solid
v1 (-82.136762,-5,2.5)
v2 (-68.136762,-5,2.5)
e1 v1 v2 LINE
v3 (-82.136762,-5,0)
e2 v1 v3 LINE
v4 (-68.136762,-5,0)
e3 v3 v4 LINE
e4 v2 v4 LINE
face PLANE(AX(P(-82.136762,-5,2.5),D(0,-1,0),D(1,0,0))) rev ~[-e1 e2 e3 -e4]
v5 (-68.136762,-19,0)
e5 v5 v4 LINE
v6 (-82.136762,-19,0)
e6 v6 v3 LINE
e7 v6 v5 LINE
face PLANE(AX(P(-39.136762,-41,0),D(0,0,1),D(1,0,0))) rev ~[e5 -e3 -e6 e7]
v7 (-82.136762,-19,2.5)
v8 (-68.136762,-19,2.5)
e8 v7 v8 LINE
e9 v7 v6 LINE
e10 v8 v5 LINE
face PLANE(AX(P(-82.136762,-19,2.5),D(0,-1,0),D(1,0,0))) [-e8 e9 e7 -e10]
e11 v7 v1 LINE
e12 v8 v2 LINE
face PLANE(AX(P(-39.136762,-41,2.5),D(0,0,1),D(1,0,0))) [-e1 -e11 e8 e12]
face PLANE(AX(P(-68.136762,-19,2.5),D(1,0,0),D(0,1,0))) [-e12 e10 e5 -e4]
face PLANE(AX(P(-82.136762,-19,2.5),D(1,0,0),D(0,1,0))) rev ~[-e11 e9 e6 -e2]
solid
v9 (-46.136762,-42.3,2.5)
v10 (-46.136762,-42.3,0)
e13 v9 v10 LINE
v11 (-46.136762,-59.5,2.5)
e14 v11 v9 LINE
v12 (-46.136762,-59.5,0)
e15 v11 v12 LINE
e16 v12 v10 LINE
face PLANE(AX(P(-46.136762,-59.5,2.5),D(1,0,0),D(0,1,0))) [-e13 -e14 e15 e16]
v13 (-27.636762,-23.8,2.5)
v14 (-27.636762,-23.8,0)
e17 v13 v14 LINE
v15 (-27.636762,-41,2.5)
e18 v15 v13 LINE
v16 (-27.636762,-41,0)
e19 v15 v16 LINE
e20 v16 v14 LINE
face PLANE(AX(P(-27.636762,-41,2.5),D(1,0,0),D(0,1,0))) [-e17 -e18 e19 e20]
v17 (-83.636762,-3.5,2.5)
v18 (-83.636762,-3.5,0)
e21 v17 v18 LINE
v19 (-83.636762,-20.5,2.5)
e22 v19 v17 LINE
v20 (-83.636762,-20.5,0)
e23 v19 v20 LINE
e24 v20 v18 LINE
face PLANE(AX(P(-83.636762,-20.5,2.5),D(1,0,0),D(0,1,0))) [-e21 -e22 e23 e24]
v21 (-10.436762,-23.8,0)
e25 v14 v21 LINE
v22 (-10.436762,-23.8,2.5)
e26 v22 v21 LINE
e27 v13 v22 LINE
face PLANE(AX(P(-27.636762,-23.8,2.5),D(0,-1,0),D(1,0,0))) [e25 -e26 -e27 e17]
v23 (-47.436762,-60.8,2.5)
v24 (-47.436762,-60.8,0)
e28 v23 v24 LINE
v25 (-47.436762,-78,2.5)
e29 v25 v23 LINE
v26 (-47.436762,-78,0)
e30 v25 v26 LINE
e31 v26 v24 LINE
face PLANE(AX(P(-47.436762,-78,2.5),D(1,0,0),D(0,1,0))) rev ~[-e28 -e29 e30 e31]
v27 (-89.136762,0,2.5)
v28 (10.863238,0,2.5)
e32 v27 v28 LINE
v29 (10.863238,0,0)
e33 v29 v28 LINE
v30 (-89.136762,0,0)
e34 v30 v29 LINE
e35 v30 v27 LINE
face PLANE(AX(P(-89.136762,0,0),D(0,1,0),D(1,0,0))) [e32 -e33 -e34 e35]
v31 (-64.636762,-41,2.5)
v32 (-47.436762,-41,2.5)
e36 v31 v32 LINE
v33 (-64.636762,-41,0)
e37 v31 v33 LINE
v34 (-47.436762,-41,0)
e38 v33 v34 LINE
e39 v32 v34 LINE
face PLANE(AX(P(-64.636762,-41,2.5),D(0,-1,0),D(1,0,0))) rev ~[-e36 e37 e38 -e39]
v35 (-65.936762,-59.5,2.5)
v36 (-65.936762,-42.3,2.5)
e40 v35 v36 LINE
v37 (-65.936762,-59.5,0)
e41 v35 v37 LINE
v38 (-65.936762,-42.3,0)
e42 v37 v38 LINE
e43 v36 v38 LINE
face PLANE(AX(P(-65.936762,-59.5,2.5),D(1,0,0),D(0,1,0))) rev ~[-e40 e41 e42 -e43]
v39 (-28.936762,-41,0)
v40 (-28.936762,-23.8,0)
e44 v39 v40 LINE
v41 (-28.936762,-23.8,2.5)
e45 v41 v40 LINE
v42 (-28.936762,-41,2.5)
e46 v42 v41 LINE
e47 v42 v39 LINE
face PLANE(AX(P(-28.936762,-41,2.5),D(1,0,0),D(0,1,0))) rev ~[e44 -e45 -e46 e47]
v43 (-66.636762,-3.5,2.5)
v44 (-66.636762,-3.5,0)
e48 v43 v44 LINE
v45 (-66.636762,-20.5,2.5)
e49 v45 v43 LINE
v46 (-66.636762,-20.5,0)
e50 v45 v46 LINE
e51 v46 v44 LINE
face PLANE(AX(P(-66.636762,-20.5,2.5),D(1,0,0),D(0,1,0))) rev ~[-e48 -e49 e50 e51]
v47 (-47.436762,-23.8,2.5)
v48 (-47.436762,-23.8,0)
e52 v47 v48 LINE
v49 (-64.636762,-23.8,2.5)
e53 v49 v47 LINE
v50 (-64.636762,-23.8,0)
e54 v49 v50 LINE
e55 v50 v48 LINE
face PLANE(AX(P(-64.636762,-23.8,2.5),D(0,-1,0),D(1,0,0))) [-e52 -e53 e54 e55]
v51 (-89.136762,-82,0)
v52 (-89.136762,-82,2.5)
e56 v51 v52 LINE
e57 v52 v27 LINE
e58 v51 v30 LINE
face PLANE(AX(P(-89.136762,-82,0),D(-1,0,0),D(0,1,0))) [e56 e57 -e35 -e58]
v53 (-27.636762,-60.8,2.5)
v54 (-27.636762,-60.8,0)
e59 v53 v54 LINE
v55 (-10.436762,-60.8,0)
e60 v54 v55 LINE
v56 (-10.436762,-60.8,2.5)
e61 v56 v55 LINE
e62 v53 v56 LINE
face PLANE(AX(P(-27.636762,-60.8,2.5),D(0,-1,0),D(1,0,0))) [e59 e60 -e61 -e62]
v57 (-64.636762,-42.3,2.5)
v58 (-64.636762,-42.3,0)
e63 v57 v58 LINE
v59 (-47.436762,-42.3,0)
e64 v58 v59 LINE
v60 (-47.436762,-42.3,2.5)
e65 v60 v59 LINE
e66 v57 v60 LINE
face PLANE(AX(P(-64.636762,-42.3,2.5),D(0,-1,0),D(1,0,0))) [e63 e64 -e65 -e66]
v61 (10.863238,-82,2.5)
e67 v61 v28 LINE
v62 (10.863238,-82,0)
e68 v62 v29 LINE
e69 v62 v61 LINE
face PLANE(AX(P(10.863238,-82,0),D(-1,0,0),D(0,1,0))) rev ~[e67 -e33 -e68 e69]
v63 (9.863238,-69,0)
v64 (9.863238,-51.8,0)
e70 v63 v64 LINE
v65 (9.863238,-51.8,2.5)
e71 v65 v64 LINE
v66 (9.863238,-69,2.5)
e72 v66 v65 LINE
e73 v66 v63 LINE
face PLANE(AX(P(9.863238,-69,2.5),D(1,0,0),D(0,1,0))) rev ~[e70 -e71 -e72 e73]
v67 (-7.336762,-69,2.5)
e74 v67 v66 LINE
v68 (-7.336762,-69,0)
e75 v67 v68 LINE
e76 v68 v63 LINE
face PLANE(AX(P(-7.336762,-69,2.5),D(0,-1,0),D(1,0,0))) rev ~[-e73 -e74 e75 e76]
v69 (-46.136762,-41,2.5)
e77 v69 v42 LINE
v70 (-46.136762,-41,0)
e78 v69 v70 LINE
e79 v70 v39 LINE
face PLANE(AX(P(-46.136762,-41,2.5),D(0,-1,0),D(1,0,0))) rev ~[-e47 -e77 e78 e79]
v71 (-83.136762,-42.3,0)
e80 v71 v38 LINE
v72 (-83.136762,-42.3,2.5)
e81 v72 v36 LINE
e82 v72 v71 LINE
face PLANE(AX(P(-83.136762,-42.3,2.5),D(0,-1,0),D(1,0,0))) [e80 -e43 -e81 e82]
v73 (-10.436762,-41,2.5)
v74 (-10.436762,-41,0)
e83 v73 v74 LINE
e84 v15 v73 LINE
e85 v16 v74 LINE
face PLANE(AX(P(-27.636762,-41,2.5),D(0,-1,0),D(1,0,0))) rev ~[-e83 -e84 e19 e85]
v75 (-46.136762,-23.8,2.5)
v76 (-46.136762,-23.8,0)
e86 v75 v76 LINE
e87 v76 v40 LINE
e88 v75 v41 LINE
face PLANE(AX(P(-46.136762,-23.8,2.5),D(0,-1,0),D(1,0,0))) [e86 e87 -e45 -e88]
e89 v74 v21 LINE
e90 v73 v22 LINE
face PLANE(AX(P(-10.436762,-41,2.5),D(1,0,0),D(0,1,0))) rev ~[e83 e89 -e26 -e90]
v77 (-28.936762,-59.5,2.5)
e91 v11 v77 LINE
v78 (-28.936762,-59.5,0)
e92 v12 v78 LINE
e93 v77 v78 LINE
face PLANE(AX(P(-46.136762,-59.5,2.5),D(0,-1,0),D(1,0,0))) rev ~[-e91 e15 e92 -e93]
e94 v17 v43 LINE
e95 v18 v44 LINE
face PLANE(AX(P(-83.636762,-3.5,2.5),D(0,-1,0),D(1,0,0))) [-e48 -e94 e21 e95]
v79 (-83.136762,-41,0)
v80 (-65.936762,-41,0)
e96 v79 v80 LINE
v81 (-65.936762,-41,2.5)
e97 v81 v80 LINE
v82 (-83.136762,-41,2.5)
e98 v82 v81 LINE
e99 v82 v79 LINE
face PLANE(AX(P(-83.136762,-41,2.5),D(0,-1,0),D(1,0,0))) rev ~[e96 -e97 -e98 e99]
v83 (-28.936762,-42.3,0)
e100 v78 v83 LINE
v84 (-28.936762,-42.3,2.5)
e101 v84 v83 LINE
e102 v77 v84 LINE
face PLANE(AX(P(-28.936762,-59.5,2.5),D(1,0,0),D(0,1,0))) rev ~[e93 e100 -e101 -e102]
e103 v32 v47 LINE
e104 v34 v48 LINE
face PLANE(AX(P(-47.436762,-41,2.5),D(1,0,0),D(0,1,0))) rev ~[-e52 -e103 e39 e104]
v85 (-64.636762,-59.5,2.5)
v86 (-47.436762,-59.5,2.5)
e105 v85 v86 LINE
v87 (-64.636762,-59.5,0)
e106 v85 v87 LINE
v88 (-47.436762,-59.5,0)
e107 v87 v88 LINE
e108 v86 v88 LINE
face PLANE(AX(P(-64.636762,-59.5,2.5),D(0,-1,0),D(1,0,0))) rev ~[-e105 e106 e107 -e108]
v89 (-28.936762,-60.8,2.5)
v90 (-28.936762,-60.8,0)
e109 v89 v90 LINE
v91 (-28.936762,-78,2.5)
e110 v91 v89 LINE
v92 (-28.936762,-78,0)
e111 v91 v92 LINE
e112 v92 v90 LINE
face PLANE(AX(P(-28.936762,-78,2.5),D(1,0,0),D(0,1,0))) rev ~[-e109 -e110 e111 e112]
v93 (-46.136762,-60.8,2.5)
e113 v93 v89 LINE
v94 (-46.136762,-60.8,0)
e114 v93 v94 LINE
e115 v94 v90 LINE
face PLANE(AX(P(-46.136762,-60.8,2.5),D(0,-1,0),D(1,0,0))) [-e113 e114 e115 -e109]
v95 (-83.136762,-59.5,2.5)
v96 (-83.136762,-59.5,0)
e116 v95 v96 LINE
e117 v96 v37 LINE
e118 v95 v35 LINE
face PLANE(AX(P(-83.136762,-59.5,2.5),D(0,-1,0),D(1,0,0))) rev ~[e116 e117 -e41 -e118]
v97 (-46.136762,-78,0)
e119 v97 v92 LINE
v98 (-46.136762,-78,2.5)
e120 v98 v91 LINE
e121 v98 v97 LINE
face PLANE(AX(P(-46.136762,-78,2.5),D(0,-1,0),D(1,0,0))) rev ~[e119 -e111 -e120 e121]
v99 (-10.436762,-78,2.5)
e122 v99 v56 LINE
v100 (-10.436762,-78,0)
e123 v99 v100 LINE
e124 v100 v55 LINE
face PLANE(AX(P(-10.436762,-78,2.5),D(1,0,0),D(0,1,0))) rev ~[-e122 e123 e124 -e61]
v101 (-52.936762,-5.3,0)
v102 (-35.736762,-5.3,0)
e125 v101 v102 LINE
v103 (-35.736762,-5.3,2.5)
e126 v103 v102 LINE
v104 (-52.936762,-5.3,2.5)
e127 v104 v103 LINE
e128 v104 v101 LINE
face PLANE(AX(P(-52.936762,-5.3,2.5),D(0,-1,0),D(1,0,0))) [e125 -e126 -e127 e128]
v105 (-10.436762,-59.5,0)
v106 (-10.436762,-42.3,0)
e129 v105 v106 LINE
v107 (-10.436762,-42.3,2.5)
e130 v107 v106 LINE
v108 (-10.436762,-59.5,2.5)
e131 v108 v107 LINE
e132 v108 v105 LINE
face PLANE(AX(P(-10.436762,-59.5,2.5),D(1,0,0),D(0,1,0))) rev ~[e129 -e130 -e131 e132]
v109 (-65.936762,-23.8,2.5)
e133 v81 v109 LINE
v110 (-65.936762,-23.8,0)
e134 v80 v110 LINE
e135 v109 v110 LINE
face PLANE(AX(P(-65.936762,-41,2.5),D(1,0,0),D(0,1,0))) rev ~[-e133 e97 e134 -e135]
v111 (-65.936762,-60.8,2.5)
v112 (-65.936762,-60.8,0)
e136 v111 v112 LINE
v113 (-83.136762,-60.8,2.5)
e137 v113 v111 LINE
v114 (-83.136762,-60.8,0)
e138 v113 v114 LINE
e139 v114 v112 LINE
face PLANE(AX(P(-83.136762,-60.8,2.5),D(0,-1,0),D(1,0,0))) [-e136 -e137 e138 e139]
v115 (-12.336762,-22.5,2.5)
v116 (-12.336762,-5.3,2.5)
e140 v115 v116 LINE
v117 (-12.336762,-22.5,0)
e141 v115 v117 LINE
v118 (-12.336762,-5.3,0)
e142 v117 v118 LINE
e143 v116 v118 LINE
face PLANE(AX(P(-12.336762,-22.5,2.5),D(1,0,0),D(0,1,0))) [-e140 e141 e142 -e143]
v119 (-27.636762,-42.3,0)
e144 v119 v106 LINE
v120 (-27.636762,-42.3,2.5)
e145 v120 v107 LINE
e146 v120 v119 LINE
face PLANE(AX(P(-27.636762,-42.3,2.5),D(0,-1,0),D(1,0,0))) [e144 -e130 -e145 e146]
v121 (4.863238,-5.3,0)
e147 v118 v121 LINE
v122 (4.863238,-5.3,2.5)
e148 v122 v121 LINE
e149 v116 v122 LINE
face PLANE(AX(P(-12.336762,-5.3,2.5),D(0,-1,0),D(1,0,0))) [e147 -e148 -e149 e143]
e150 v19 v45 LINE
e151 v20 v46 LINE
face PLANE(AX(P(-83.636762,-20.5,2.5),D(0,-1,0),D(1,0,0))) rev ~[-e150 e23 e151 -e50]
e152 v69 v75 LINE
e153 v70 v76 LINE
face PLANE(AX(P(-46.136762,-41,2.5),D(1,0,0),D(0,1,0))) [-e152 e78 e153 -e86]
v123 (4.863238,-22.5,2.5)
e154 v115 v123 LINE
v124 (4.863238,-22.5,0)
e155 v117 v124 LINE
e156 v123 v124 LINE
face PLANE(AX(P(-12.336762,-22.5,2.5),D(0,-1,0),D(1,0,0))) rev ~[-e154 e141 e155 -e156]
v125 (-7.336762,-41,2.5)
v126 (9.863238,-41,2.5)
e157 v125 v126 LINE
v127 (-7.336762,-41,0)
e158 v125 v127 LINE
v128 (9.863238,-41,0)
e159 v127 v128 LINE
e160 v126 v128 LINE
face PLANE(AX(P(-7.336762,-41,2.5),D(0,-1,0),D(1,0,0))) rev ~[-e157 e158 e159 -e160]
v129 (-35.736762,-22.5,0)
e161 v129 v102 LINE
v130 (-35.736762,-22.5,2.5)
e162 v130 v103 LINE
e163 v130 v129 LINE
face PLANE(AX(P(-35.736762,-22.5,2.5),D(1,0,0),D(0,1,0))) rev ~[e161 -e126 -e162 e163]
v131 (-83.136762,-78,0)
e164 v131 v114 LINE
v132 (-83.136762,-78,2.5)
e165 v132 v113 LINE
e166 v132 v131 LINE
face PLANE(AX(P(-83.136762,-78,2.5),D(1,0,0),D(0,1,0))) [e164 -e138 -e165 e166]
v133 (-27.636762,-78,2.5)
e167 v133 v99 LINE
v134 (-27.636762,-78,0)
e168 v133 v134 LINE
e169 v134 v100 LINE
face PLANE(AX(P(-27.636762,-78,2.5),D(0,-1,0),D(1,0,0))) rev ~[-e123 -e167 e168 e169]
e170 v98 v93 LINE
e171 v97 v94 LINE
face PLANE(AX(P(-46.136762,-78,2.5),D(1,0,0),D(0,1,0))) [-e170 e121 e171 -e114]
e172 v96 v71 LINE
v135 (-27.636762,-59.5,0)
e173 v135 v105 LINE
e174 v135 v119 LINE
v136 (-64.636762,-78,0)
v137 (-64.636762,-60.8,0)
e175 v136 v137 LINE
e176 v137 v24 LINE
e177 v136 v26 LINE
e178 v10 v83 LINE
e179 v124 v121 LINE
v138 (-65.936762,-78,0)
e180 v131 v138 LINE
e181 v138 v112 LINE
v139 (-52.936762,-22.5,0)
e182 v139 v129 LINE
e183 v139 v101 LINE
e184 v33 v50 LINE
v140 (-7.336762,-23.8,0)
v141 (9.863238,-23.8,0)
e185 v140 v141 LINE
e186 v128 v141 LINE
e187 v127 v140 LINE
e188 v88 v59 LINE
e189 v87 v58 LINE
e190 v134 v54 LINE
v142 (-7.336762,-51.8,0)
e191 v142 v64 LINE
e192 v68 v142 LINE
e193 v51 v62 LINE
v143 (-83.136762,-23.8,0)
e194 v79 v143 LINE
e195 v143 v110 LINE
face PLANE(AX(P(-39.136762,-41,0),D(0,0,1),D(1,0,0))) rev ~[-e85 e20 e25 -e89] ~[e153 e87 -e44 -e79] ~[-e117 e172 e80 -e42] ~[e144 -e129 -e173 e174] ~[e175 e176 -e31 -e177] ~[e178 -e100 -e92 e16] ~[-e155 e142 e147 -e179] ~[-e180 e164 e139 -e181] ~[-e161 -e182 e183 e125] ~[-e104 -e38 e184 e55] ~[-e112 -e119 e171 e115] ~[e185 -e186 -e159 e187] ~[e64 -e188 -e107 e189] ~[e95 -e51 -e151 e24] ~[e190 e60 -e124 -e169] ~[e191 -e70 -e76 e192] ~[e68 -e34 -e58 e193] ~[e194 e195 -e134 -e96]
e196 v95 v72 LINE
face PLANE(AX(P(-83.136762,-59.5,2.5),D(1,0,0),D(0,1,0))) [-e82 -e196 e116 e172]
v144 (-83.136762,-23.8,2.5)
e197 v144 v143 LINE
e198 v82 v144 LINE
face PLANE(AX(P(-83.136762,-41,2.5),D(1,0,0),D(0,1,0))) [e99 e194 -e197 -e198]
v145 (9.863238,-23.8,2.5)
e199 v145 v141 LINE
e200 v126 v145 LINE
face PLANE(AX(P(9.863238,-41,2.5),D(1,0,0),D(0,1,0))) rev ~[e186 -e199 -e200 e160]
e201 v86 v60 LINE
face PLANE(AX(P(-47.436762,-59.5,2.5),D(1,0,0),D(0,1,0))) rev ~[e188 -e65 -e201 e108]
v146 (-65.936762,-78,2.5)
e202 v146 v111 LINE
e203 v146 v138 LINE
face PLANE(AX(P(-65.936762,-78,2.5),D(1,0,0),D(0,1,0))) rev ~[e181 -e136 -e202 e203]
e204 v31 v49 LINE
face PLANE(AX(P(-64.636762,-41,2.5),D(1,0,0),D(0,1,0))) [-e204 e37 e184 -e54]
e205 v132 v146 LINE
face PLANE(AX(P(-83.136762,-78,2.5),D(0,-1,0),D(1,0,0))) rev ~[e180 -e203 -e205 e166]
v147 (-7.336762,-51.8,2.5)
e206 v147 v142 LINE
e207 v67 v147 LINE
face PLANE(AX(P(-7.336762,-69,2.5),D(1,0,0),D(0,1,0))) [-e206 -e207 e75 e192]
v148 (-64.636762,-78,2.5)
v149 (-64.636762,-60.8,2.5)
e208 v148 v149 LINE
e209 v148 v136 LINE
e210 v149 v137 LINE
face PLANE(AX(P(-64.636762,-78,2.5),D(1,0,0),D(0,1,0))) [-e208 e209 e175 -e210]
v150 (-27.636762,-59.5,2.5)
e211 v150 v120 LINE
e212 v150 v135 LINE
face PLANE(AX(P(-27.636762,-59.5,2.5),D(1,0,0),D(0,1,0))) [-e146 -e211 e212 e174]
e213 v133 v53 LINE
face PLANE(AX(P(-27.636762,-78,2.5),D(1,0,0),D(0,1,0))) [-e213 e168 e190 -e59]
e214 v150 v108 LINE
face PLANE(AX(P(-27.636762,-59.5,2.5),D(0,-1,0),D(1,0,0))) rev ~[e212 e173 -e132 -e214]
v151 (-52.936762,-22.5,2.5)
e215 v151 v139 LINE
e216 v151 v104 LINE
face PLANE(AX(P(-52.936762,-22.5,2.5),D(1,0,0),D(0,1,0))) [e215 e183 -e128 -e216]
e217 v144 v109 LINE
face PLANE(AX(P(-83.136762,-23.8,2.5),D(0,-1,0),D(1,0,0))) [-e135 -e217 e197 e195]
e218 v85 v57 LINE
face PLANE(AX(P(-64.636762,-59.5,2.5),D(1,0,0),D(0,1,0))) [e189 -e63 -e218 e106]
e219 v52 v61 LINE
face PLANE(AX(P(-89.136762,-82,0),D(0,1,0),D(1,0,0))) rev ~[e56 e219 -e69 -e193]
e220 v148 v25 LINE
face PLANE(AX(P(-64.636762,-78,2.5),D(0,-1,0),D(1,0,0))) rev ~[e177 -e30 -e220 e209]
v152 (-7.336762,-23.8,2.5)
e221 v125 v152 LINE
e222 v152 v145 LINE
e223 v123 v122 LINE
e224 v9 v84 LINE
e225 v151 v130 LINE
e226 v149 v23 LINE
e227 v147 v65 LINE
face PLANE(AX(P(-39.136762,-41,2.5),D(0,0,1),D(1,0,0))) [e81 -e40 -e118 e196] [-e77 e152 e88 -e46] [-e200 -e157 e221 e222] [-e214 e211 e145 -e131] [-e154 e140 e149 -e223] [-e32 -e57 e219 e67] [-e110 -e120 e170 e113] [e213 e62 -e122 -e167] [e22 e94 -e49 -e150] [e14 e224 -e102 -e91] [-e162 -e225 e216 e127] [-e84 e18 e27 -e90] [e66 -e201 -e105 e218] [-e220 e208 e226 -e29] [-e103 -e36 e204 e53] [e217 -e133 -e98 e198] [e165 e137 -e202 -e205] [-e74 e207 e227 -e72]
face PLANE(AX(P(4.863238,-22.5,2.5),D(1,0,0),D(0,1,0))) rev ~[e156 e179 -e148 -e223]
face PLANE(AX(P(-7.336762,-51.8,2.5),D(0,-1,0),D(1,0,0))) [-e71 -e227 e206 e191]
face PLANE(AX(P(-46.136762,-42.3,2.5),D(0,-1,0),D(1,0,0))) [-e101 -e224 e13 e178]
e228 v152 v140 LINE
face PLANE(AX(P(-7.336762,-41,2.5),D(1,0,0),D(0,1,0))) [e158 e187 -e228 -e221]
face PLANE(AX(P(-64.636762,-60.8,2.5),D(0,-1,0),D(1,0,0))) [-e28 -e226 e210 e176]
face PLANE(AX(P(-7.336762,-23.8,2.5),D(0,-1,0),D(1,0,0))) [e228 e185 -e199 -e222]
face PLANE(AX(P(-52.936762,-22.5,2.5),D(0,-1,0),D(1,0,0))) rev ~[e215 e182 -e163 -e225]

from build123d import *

# Parameters (mm, degrees)
F0_W      = 100
F0_H      = 82
F1_DEPTH  = 2.5
F2_W      = 17.2
F2_H      = 17.2
F3_DEPTH  = 25
F2_W_2    = 17
F2_H_2    = 17
F2_W_3    = 14
F2_H_3    = 14
F4_DEPTH  = 25
F5_W      = 17.2
F5_H      = 17.2
F6_DEPTH  = 25
F7_W      = 17.2
F7_H      = 17.2
F8_DEPTH  = 25
F9_W      = 17.2
F9_H      = 17.2
F10_DEPTH = 25
F11_W     = 17.2
F11_H     = 17.2
F12_DEPTH = 25
F13_W     = 17.2
F13_H     = 17.2
F14_DEPTH = 25
F15_W     = 17.2
F15_H     = 17.2
F16_DEPTH = 25


with BuildPart() as f1:
    # F0 (on Top) → F1 (new body)
    with BuildSketch(Plane.XY):
        with Locations((-39.136762, -41)):
            Rectangle(F0_W, F0_H)
    extrude(amount=F1_DEPTH)

    # F2 (on face) → F3 (cut)
    with BuildSketch(Plane.XY.offset(2.5)):
        with Locations((-74.536762, -69.4)):
            Rectangle(F2_W, F2_H)
    extrude(amount=-F3_DEPTH, mode=Mode.SUBTRACT)

    # F2 (on face) → F4 (cut)
    with BuildSketch(Plane.XY.offset(2.5)):
        with Locations((-74.536762, -69.4)):
            Rectangle(F2_W, F2_H)
        with Locations((-74.536762, -50.9)):
            Rectangle(F2_W, F2_H)
        with Locations((-74.536762, -32.4)):
            Rectangle(F2_W, F2_H)
        with Locations((-75.136762, -12)):
            Rectangle(F2_W_2, F2_H_2)
        with Locations((-75.136762, -12)):
            Rectangle(F2_W_3, F2_H_3, mode=Mode.SUBTRACT)
    extrude(amount=-F4_DEPTH, mode=Mode.SUBTRACT)

    # F5 (on face) → F6 (cut)
    with BuildSketch(Plane.XY.offset(2.5)):
        with Locations((-56.036762, -69.4)):
            Rectangle(F5_W, F5_H)
        with Locations((-37.536762, -69.4)):
            Rectangle(F5_W, F5_H)
        with Locations((-19.036762, -69.4)):
            Rectangle(F5_W, F5_H)
    extrude(amount=-F6_DEPTH, mode=Mode.SUBTRACT)

    # F7 (on face) → F8 (cut)
    with BuildSketch(Plane.XY.offset(2.5)):
        with Locations((-56.036762, -50.9)):
            Rectangle(F7_W, F7_H)
        with Locations((-56.036762, -32.4)):
            Rectangle(F7_W, F7_H)
        with Locations((-37.536762, -50.9)):
            Rectangle(F7_W, F7_H)
        with Locations((-37.536762, -32.4)):
            Rectangle(F7_W, F7_H)
    extrude(amount=-F8_DEPTH, mode=Mode.SUBTRACT)

    # F9 (on face) → F10 (cut)
    with BuildSketch(Plane.XY.offset(2.5)):
        with Locations((-19.036762, -50.9)):
            Rectangle(F9_W, F9_H)
        with Locations((-19.036762, -32.4)):
            Rectangle(F9_W, F9_H)
    extrude(amount=-F10_DEPTH, mode=Mode.SUBTRACT)

    # F11 (on face) → F12 (cut)
    with BuildSketch(Plane.XY.offset(2.5)):
        with Locations((1.263238, -60.4)):
            Rectangle(F11_W, F11_H)
        with Locations((1.263238, -32.4)):
            Rectangle(F11_W, F11_H)
    extrude(amount=-F12_DEPTH, mode=Mode.SUBTRACT)

    # F13 (on face) → F14 (cut)
    with BuildSketch(Plane.XY.offset(2.5)):
        with Locations((-44.336762, -13.9)):
            Rectangle(F13_W, F13_H)
    extrude(amount=-F14_DEPTH, mode=Mode.SUBTRACT)

    # F15 (on face) → F16 (cut)
    with BuildSketch(Plane.XY.offset(2.5)):
        with Locations((-3.736762, -13.9)):
            Rectangle(F15_W, F15_H)
    extrude(amount=-F16_DEPTH, mode=Mode.SUBTRACT)


solid = f1.part
